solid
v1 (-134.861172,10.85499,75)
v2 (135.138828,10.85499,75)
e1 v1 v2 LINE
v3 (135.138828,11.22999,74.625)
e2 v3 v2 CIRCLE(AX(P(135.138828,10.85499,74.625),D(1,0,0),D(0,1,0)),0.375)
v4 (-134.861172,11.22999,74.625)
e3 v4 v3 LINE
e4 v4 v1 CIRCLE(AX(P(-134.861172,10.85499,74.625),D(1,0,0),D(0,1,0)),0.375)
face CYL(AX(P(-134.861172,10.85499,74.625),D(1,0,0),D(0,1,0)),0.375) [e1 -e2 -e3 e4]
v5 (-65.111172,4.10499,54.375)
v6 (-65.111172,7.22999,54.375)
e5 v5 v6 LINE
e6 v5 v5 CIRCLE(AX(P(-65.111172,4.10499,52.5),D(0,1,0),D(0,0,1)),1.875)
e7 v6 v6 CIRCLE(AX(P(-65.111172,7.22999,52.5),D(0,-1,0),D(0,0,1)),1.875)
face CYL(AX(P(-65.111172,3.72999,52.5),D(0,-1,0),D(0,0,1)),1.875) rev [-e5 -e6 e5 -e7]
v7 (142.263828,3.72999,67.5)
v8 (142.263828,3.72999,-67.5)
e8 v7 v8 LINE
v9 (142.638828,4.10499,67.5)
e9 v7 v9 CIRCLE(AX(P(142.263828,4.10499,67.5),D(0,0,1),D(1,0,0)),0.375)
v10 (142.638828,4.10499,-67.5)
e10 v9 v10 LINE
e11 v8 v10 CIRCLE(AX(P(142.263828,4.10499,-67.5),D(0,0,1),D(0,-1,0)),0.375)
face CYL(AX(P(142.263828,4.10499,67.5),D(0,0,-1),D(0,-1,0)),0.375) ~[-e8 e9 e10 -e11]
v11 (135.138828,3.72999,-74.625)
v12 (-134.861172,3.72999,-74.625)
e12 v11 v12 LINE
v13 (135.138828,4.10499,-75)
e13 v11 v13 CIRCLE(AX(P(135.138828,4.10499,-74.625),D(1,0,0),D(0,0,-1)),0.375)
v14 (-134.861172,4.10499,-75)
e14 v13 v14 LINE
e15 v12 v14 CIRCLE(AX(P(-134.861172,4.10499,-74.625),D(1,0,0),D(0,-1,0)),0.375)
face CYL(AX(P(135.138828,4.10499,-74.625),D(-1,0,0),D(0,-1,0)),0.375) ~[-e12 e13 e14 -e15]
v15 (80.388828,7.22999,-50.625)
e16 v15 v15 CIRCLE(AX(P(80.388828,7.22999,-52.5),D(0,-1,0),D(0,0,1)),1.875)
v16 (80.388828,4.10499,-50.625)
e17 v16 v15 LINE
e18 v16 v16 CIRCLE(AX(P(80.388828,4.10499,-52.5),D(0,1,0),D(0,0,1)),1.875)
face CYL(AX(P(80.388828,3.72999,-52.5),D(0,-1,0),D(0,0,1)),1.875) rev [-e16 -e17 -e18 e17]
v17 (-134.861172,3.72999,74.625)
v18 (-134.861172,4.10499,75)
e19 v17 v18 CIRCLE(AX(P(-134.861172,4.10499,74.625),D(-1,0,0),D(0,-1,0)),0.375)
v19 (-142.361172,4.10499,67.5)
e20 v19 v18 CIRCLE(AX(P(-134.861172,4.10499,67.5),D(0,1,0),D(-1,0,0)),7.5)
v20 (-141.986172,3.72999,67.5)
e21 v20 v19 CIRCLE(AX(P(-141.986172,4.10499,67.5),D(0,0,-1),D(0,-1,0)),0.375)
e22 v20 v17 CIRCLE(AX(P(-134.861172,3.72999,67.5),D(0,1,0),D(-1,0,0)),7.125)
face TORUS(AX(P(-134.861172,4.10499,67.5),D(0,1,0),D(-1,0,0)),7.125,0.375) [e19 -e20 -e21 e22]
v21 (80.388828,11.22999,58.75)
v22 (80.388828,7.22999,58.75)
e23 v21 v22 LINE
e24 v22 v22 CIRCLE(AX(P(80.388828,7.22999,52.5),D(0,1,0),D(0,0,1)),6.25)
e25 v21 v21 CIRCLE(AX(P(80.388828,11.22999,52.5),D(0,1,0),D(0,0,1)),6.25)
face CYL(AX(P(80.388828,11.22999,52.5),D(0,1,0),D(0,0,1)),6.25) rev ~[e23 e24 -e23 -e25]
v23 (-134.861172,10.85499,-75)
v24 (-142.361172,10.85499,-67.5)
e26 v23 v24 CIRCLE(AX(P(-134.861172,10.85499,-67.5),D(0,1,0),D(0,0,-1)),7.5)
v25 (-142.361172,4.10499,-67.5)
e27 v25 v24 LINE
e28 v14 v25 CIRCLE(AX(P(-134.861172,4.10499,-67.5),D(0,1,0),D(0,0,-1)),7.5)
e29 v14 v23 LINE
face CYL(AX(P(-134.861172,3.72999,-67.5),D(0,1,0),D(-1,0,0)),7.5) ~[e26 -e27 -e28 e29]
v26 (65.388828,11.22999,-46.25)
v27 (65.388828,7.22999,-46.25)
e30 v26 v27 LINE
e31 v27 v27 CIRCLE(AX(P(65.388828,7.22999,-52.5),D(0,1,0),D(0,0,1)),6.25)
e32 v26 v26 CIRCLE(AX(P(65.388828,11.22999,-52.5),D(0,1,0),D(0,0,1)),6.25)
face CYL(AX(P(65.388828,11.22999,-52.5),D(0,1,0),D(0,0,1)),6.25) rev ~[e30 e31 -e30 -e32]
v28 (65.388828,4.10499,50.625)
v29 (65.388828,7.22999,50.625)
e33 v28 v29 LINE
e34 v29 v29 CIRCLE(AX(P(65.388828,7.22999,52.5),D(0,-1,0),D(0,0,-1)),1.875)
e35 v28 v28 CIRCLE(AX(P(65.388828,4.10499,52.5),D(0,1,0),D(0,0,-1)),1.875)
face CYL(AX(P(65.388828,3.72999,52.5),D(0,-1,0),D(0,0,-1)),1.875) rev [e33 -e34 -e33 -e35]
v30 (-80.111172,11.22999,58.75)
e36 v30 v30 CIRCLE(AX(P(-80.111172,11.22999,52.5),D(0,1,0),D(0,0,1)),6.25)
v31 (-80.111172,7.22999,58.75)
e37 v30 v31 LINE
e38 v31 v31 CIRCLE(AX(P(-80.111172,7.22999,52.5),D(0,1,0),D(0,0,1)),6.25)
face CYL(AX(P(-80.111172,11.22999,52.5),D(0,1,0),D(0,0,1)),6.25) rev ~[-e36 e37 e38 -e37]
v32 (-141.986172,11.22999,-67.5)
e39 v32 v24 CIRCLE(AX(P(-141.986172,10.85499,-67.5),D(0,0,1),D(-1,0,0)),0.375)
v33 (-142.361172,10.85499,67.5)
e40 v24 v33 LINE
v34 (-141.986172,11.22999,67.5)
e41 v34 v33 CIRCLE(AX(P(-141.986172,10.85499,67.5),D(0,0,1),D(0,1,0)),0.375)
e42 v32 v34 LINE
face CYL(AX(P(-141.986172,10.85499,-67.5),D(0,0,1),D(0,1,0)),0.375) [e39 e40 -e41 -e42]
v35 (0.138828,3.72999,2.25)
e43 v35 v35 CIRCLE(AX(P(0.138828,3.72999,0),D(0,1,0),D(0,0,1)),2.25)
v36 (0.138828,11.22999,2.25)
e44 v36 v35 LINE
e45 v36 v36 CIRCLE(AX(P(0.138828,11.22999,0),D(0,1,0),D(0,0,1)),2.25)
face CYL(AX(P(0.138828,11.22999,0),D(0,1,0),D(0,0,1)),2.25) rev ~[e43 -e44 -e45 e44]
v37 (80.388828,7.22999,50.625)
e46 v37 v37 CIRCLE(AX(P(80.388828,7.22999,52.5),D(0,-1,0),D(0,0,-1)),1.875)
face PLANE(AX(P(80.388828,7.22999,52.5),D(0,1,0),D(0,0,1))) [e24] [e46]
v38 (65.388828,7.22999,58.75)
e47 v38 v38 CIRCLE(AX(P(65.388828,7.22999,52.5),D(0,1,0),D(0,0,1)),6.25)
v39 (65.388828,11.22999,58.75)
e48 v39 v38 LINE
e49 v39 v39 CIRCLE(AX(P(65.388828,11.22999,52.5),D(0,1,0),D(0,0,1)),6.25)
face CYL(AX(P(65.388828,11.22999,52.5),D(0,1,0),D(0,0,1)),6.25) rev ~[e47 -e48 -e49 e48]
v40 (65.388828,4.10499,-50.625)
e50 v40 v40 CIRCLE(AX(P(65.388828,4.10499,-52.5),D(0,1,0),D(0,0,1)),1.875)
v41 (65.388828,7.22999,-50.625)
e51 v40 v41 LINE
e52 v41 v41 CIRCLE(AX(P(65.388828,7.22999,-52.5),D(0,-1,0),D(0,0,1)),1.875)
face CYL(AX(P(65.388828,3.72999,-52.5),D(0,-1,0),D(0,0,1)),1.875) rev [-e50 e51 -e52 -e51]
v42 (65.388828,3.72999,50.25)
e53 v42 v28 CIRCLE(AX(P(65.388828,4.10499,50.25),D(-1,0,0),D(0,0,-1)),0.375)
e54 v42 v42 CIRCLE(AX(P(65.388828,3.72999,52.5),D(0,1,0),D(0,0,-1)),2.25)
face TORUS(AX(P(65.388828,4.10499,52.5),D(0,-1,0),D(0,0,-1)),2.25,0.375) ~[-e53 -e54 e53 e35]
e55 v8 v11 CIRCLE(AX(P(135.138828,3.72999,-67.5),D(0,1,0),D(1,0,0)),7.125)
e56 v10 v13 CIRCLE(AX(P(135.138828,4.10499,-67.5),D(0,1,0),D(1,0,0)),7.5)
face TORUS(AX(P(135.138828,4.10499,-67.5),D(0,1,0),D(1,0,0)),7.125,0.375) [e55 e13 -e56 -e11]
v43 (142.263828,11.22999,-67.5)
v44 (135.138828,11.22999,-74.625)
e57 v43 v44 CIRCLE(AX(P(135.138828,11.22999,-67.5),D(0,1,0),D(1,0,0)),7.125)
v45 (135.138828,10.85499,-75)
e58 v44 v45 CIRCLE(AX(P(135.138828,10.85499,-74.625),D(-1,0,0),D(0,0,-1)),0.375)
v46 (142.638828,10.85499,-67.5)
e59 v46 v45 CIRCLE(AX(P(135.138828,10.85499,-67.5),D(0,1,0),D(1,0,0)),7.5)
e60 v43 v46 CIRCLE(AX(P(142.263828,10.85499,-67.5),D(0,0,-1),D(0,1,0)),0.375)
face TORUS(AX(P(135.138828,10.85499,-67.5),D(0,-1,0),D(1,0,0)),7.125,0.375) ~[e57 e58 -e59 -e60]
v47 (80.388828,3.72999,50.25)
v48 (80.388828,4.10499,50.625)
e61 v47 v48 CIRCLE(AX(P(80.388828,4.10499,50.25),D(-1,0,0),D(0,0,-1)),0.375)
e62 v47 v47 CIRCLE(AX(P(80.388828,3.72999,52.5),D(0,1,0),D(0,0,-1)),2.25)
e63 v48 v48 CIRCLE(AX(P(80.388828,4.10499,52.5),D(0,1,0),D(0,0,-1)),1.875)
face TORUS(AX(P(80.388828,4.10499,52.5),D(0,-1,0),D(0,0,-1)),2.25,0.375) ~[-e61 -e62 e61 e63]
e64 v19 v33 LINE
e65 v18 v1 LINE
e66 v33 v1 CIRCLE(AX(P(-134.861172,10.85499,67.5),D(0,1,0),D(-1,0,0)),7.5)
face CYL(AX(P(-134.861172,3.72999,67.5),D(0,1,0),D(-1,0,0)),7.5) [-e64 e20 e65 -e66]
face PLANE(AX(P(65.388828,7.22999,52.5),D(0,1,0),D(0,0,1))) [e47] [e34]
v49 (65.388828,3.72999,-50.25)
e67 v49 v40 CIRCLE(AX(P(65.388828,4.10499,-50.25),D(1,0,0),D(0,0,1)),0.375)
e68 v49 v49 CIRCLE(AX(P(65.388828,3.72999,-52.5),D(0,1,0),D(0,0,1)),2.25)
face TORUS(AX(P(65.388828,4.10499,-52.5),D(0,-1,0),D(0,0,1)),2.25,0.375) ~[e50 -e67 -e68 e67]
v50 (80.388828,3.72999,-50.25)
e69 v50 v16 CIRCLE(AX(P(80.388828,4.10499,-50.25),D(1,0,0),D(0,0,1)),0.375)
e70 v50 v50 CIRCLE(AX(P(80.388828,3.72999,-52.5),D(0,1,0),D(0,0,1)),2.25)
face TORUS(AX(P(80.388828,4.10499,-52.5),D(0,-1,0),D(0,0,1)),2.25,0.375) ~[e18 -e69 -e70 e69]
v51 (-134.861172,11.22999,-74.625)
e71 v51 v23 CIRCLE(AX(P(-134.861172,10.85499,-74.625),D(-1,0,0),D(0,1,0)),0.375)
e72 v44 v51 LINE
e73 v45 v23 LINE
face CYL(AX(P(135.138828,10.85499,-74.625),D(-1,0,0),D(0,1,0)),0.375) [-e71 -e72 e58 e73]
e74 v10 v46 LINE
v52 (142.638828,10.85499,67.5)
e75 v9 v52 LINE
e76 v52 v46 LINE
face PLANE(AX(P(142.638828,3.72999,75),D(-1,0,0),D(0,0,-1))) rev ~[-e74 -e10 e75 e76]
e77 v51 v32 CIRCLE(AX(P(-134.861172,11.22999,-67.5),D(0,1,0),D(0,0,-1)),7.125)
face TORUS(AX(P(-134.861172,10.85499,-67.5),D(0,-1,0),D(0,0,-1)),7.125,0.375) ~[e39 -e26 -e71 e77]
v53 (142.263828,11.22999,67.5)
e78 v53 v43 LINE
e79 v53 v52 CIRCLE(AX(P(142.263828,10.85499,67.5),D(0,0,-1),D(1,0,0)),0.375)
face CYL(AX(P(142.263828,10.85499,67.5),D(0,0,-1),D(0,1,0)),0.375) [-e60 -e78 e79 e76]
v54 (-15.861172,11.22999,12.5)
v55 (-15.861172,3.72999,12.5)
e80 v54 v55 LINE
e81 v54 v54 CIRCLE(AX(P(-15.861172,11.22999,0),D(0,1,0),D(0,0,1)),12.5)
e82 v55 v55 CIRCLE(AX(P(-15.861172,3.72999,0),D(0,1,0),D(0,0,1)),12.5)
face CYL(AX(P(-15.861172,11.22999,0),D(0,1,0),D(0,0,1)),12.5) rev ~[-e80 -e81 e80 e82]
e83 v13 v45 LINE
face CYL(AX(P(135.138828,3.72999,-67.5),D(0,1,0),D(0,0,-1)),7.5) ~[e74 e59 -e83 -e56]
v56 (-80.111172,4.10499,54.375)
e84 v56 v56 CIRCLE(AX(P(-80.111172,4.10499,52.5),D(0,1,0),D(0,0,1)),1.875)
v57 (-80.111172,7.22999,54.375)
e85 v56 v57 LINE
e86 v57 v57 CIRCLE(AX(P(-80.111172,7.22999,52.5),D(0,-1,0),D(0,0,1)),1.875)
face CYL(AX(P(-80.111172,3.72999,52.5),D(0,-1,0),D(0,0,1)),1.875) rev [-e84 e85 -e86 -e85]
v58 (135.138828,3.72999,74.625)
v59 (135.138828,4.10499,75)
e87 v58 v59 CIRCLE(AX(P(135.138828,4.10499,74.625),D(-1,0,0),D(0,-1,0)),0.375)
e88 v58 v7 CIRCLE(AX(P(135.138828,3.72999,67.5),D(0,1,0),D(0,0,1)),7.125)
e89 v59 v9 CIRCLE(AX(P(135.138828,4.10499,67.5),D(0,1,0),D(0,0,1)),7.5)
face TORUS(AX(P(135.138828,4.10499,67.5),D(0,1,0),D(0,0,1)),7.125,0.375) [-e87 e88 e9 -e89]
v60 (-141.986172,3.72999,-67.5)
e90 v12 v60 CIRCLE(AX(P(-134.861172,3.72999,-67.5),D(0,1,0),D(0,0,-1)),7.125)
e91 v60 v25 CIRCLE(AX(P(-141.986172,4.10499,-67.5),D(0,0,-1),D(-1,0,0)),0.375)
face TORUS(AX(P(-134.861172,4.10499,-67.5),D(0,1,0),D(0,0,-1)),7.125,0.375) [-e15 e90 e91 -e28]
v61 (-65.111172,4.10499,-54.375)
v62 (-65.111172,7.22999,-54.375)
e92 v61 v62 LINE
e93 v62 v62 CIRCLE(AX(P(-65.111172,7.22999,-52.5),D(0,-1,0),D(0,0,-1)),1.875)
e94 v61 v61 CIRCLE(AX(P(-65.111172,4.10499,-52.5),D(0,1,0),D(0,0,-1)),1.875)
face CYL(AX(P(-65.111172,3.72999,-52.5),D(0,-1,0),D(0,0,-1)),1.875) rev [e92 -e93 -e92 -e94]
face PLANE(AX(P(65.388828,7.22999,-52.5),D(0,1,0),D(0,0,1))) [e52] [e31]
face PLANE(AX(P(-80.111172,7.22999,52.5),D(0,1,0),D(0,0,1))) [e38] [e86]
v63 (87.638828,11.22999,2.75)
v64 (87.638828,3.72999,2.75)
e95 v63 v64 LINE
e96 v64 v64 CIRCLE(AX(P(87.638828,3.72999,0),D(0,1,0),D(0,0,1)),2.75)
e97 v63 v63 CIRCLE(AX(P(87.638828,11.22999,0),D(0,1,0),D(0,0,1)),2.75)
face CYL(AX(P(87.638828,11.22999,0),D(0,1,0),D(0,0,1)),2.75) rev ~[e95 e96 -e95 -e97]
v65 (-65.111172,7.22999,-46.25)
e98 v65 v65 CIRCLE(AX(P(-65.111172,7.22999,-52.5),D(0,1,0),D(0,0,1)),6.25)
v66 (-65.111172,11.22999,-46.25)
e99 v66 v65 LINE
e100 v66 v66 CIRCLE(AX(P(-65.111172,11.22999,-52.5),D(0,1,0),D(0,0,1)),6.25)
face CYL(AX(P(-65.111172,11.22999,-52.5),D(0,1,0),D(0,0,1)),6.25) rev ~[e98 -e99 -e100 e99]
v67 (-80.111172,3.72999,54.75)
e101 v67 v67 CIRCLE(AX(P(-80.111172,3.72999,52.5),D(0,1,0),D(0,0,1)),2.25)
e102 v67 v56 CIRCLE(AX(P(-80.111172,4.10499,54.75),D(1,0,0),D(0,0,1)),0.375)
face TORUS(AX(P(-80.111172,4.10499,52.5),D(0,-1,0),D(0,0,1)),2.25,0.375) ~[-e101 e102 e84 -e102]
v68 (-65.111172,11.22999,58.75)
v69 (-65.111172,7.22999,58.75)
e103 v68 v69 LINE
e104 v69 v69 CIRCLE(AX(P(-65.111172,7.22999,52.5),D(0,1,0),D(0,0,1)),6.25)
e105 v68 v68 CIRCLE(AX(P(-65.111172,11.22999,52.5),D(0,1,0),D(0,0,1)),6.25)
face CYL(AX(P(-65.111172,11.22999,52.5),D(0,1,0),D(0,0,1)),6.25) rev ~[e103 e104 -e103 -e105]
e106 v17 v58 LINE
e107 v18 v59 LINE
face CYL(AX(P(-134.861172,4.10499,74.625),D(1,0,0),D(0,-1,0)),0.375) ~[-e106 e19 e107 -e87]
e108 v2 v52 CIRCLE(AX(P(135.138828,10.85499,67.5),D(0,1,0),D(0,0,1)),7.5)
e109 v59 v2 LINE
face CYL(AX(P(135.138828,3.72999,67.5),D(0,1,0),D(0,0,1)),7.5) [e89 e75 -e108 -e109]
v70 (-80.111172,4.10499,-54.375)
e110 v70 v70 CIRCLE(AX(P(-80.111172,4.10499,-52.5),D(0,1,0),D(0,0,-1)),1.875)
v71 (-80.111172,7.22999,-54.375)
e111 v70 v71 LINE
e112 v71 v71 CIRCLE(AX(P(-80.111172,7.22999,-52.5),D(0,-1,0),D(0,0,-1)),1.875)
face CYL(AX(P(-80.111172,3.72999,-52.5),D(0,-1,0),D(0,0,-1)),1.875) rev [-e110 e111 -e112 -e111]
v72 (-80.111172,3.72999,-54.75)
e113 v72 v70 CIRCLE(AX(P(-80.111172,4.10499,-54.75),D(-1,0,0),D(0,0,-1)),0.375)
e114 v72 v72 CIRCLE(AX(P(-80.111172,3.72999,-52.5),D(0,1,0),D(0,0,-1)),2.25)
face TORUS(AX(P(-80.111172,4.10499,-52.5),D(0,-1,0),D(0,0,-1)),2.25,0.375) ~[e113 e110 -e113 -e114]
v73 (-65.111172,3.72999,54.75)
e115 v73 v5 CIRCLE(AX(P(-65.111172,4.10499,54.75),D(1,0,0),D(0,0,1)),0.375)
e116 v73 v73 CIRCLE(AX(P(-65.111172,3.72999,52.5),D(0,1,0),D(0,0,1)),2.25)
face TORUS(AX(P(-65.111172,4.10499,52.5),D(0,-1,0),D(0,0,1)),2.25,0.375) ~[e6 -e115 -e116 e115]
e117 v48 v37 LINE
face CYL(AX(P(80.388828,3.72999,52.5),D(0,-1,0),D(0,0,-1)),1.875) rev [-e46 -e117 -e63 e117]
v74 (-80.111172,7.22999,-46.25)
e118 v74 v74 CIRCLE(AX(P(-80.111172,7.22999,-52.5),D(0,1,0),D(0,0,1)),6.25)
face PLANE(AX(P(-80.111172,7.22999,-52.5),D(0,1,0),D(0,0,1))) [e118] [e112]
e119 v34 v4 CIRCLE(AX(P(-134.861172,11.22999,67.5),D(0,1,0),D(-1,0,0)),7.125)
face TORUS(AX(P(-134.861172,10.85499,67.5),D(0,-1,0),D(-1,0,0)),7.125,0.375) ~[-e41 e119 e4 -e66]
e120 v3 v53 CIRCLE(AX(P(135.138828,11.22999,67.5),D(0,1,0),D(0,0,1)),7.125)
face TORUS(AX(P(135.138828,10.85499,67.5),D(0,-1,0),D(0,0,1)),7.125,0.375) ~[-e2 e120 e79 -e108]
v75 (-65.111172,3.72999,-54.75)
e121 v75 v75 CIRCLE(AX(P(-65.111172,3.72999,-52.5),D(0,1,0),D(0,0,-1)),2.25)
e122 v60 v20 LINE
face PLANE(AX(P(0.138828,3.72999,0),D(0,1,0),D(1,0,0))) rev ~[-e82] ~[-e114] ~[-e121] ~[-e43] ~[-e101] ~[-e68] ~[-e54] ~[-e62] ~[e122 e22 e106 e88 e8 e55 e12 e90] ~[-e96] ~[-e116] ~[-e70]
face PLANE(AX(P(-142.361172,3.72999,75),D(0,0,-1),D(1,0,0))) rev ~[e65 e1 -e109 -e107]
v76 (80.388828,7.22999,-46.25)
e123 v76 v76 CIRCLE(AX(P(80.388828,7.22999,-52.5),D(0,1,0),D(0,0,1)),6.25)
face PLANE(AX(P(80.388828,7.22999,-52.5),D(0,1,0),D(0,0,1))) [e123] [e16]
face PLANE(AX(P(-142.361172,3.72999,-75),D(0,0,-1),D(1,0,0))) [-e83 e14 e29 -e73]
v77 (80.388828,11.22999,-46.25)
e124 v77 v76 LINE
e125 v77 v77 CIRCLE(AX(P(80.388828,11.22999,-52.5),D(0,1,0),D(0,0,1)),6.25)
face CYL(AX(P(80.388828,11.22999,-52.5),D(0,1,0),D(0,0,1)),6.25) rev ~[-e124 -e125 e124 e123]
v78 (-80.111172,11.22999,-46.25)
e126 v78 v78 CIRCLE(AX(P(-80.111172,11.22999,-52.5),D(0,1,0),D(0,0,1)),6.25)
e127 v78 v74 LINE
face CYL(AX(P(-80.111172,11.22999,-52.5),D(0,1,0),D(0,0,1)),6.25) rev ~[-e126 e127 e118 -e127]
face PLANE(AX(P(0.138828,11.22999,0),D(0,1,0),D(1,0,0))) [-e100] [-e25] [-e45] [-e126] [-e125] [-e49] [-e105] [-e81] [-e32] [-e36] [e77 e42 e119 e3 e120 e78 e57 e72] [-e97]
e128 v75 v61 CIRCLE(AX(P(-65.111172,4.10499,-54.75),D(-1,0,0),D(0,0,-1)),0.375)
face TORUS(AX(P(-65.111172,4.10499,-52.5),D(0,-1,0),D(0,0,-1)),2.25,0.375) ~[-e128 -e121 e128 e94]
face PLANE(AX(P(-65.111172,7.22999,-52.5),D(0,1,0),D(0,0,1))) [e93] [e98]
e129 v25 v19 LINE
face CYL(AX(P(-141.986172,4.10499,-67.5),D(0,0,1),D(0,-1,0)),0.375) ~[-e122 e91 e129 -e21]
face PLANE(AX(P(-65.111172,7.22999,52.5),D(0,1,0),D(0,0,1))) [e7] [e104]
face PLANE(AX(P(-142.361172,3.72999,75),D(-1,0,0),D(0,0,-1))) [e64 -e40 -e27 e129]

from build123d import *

# Parameters (mm, degrees)
SKETCH2_W           = 570
SKETCH2_H           = 300
SKETCH2_R           = 3.75
BOSS_EXTRUDE1_DEPTH = 15
FILLET1_R           = 15
FILLET2_R           = 0.75
SKETCH3_R           = 5.5
CUT_EXTRUDE1_DEPTH  = 323.41277895
CUT_EXTRUDE2_REACH  = 324.413
SKETCH4_R           = 4.5
SKETCH5_R           = 25
CUT_EXTRUDE3_DEPTH  = 323.41277895
SKETCH6_R           = 12.5
CUT_EXTRUDE4_DEPTH  = 8
SCALE1_SCALE        = 0.5


with BuildPart() as part:
    # Sketch2 → Boss-Extrude1 (new body)
    with BuildSketch(Plane(origin=(0, 0, 0), x_dir=(1, 0, 0), z_dir=(0, 1, 0))):
        Rectangle(SKETCH2_W, SKETCH2_H)
        with Locations(Location((-160.5, -105, 0), (0, 0, 270))):
            Circle(SKETCH2_R, mode=Mode.SUBTRACT)
        with Locations(Location((-130.5, -105, 0), (0, 0, 270))):
            Circle(SKETCH2_R, mode=Mode.SUBTRACT)
        with Locations(Location((-130.5, 105, 0), (0, 0, 90))):
            Circle(SKETCH2_R, mode=Mode.SUBTRACT)
        with Locations(Location((-160.5, 105, 0), (0, 0, 90))):
            Circle(SKETCH2_R, mode=Mode.SUBTRACT)
        with Locations(Location((160.5, 105, 0), (0, 0, 270))):
            Circle(SKETCH2_R, mode=Mode.SUBTRACT)
        with Locations(Location((130.5, 105, 0), (0, 0, 270))):
            Circle(SKETCH2_R, mode=Mode.SUBTRACT)
        with Locations(Location((160.5, -105, 0), (0, 0, 90))):
            Circle(SKETCH2_R, mode=Mode.SUBTRACT)
        with Locations(Location((130.5, -105, 0), (0, 0, 90))):
            Circle(SKETCH2_R, mode=Mode.SUBTRACT)
    extrude(amount=BOSS_EXTRUDE1_DEPTH)

    # Fillet1
    fillet1_edges = [part.edges().sort_by_distance(p)[0] for p in [
        (285, 7.5, 150),
        (-285, 7.5, 150),
        (-285, 7.5, -150),
        (285, 7.5, -150),
    ]]
    fillet(fillet1_edges, radius=FILLET1_R)

    # Fillet2
    fillet2_edges = [part.edges().sort_by_distance(p)[0] for p in [
        (-160.5, 0, 101.25),
        (-160.5, 15, 101.25),
        (-130.5, 0, 101.25),
        (-130.5, 15, 101.25),
        (-130.5, 0, -101.25),
        (-130.5, 15, -101.25),
        (-160.5, 0, -101.25),
        (-160.5, 15, -101.25),
        (160.5, 0, -108.75),
        (160.5, 15, -108.75),
        (130.5, 0, -108.75),
        (130.5, 15, -108.75),
        (160.5, 0, 108.75),
        (160.5, 15, 108.75),
        (130.5, 0, 108.75),
        (130.5, 15, 108.75),
        (0, 0, 150),
        (0, 15, 150),
        (285, 0, 0),
        (-285, 0, 0),
        (0, 0, -150),
        (280.606601718, 0, 145.606601718),
        (280.606601718, 0, -145.606601718),
        (-280.606601718, 0, -145.606601718),
        (-280.606601718, 0, 145.606601718),
        (-285, 15, 0),
        (285, 15, 0),
        (0, 15, -150),
        (280.606601718, 15, 145.606601718),
        (280.606601718, 15, -145.606601718),
        (-280.606601718, 15, -145.606601718),
        (-280.606601718, 15, 145.606601718),
    ]]
    fillet(fillet2_edges, radius=FILLET2_R)

    # Sketch3 → Cut-Extrude1 (cut, through all)
    with BuildSketch(Plane(origin=(0, 15, 0), x_dir=(1, 0, 0), z_dir=(0, 1, 0))):
        with Locations(Location((175, 0, 0), (0, 0, 270))):
            Circle(SKETCH3_R)
    extrude(amount=-CUT_EXTRUDE1_DEPTH, mode=Mode.SUBTRACT)

    # Sketch4 → Cut-Extrude2 (cut, up to next)
    with BuildSketch(Plane(origin=(0, 15, 0), x_dir=(1, 0, 0), z_dir=(0, 1, 0)), mode=Mode.PRIVATE) as cut_extrude2_sk1:
        with Locations(Location((0, 0, 0), (0, 0, 270))):
            Circle(SKETCH4_R)
    cut_extrude2_tool1 = extrude(cut_extrude2_sk1.sketch, amount=-CUT_EXTRUDE2_REACH, mode=Mode.PRIVATE) & part.part
    add(cut_extrude2_tool1.solids().sort_by_distance((0, 15, 0))[0], mode=Mode.SUBTRACT)

    # Sketch5 → Cut-Extrude3 (cut, through all)
    with BuildSketch(Plane(origin=(0, 15, 0), x_dir=(1, 0, 0), z_dir=(0, 1, 0))):
        with Locations(Location((-32, 0, 0), (0, 0, 270))):
            Circle(SKETCH5_R)
    extrude(amount=-CUT_EXTRUDE3_DEPTH, mode=Mode.SUBTRACT)

    # Sketch6 → Cut-Extrude4 (cut)
    with BuildSketch(Plane(origin=(0, 15, 0), x_dir=(1, 0, 0), z_dir=(0, 1, 0))):
        with Locations(Location((160.5, 105, 0), (0, 0, 270))):
            Circle(SKETCH6_R)
        with Locations(Location((130.5, 105, 0), (0, 0, 270))):
            Circle(SKETCH6_R)
        with Locations(Location((-130.5, 105, 0), (0, 0, 270))):
            Circle(SKETCH6_R)
        with Locations(Location((-160.5, 105, 0), (0, 0, 270))):
            Circle(SKETCH6_R)
        with Locations(Location((-160.5, -105, 0), (0, 0, 270))):
            Circle(SKETCH6_R)
        with Locations(Location((-130.5, -105, 0), (0, 0, 270))):
            Circle(SKETCH6_R)
        with Locations(Location((130.5, -105, 0), (0, 0, 270))):
            Circle(SKETCH6_R)
        with Locations(Location((160.5, -105, 0), (0, 0, 270))):
            Circle(SKETCH6_R)
    extrude(amount=-CUT_EXTRUDE4_DEPTH, mode=Mode.SUBTRACT)


with BuildPart() as part_1:
    # Scale1: scaled about (0.277656822, 7.459980919, 0)
    add(part.part.scale(SCALE1_SCALE).moved(Location((0.138828411, 3.72999046, 0))))


solid = part_1.part
